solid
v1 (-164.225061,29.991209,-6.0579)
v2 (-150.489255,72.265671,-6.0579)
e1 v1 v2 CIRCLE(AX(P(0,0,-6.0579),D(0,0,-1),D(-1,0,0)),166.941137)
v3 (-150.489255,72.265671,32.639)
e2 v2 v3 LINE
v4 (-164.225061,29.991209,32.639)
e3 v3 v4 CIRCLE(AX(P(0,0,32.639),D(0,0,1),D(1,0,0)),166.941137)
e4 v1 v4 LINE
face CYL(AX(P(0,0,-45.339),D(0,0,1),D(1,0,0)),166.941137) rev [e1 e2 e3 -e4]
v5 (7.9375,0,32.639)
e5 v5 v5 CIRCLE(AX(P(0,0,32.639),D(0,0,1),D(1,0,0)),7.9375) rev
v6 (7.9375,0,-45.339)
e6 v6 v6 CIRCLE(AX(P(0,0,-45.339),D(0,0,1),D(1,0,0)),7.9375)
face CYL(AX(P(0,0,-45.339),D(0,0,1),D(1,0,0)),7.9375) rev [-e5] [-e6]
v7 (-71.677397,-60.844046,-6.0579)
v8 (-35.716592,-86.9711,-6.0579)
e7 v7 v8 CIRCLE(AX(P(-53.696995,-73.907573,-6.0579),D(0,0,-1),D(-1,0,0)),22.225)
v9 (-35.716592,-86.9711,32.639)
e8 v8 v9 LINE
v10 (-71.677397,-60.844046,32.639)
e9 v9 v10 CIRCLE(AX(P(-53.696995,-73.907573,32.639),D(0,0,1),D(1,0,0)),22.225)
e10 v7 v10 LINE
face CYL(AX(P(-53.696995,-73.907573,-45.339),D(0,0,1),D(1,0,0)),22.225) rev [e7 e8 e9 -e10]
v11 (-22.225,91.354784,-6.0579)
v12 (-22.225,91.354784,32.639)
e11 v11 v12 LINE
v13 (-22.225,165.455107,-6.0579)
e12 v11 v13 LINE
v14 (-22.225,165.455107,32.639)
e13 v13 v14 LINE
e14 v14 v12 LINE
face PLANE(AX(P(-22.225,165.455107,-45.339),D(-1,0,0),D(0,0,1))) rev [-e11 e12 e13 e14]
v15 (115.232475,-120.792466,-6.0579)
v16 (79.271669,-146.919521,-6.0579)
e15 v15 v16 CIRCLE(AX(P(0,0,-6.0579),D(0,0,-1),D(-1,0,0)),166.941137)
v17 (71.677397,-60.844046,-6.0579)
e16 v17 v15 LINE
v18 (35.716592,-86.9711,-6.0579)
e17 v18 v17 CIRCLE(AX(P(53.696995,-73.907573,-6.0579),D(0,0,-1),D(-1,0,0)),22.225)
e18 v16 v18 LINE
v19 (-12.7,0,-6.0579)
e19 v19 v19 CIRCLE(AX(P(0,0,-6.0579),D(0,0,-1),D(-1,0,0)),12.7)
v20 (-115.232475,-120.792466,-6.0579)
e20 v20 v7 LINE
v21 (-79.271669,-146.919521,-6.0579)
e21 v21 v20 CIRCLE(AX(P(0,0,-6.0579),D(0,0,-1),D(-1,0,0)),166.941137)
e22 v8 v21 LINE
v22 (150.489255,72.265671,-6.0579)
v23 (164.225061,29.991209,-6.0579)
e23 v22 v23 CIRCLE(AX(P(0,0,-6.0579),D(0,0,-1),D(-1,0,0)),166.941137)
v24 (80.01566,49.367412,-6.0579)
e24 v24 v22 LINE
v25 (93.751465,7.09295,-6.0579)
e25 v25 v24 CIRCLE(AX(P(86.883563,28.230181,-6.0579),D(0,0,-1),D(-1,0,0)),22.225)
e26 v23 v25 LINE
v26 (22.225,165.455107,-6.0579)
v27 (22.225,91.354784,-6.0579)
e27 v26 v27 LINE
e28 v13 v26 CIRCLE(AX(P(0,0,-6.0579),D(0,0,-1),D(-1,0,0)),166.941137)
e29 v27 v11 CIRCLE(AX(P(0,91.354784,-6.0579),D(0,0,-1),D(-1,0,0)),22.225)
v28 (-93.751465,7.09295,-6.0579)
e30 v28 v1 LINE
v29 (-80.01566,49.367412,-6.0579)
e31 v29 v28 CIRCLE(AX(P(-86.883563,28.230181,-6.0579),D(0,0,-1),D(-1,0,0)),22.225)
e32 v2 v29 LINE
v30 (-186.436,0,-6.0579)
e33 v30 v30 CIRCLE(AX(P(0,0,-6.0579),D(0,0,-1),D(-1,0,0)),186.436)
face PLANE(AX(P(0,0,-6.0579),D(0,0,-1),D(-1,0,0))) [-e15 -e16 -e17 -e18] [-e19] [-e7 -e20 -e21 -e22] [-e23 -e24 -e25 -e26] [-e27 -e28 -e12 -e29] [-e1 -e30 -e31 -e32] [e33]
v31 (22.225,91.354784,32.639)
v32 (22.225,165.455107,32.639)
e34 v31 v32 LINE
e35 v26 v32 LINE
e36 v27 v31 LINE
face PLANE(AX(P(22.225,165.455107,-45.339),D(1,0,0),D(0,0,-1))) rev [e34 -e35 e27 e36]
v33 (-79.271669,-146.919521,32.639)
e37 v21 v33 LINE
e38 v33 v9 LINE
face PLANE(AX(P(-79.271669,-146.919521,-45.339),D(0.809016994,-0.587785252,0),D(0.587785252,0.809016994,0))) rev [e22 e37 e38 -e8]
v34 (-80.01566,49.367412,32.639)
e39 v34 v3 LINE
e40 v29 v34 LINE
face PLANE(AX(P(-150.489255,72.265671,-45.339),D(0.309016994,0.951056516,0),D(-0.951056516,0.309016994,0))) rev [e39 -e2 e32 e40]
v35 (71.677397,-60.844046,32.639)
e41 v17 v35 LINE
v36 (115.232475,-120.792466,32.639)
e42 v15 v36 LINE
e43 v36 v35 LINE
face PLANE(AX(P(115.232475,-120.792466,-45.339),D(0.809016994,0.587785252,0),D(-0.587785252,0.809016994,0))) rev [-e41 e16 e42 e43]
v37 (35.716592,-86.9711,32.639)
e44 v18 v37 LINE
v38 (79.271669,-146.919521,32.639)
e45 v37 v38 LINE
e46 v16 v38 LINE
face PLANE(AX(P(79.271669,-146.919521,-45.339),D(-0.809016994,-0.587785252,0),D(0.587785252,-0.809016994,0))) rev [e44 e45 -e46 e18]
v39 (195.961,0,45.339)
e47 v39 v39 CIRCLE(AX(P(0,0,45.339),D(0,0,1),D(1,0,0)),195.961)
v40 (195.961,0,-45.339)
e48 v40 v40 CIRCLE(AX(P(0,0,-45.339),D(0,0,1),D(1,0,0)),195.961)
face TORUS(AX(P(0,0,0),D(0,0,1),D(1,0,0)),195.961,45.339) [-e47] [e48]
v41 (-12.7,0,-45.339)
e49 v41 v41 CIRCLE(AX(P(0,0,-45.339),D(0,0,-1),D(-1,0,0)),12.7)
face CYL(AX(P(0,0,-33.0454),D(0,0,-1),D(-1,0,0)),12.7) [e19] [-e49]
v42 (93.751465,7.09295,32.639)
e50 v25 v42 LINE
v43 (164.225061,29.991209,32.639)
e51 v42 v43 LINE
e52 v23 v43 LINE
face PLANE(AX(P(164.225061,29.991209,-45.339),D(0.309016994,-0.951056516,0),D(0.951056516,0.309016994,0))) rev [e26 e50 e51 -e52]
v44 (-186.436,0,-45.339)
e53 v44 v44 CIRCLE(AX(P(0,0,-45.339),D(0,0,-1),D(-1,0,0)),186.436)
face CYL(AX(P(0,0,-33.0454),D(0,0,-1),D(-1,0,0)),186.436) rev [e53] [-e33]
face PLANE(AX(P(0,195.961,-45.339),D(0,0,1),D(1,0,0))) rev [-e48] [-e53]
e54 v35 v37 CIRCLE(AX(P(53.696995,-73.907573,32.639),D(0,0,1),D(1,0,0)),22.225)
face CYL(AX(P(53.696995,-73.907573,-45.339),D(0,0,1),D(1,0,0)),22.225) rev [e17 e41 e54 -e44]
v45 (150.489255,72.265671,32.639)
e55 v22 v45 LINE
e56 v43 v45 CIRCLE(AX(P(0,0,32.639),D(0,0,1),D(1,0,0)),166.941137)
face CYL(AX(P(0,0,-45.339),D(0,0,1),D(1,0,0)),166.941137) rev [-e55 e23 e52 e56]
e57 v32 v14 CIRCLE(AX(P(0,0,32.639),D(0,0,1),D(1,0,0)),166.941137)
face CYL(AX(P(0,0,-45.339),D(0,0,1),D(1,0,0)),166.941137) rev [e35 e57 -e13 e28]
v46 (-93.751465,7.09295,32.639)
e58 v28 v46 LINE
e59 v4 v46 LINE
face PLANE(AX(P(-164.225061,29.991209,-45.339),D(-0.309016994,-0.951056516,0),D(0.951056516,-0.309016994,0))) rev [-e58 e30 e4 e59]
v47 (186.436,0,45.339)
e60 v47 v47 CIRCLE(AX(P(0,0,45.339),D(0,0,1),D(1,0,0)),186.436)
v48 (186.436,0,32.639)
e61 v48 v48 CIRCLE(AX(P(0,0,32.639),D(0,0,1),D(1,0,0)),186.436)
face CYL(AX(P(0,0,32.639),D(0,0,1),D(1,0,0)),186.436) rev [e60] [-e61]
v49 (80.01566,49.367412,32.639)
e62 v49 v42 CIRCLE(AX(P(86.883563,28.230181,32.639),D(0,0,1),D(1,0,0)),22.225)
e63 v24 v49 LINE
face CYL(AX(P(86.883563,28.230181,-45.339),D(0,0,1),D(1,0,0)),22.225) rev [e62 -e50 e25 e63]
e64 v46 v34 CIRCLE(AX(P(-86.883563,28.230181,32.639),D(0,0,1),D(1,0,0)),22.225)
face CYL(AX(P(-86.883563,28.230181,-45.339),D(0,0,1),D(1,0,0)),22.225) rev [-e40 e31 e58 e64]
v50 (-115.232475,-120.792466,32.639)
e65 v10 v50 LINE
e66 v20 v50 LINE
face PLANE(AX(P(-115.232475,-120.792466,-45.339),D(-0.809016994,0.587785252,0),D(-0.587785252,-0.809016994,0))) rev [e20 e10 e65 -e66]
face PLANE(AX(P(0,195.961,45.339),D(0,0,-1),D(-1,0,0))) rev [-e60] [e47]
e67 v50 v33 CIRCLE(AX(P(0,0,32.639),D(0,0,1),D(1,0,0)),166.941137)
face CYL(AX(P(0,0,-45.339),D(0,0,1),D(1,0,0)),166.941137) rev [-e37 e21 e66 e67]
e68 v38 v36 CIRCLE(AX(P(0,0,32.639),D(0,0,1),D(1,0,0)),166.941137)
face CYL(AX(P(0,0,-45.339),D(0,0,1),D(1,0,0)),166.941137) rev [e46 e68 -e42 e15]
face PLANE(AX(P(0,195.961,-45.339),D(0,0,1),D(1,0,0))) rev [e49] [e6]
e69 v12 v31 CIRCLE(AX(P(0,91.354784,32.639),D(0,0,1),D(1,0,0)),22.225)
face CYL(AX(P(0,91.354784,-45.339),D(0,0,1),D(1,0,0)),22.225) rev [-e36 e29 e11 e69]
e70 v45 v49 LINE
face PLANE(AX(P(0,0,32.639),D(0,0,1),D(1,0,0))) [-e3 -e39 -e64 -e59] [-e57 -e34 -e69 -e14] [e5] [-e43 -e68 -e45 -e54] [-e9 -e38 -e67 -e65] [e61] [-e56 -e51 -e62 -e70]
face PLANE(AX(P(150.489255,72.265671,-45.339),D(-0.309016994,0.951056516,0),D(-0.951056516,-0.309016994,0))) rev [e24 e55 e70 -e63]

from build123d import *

# Parameters (mm, degrees)
SKETCH2_R      = 7.9375
EXTRUDE1_DEPTH = 354.091885747
SKETCH3_R      = 186.436
SKETCH3_R_2    = 12.7
EXTRUDE2_DEPTH = 12.2936
SKETCH4_R      = 186.436
SKETCH4_R_2    = 12.7
EXTRUDE4_DEPTH = 26.9875
EXTRUDE5_START = -12.7
SKETCH5_R      = 186.436
EXTRUDE5_DEPTH = 12.7
EXTRUDE6_DEPTH = 351.045637854


with BuildPart() as part:
    # Sketch1 → Revolve1 (revolve)
    with BuildSketch(Plane(origin=(0, 0, 0), x_dir=(0, 0, -1), z_dir=(1, 0, 0)), mode=Mode.PRIVATE) as revolve1_sk:
        with BuildLine():
            Line((45.339, 0), (-45.339, 0))
            Line((-45.339, 0), (-45.339, 195.961))
            ThreePointArc((-45.339, 195.961), (0, 241.3), (45.339, 195.961))
            Line((45.339, 195.961), (45.339, 0))
        make_face()
    revolve(revolve1_sk.sketch.rotate(Axis((0, 0, 45.339), (0, 0, -1)), 90), axis=Axis((0, 0, 45.339), (0, 0, -1)))

    # Sketch2 → Extrude1 (cut, through all)
    with BuildSketch(Plane.XY.offset(45.339)):
        Circle(SKETCH2_R)
    extrude(amount=-EXTRUDE1_DEPTH, mode=Mode.SUBTRACT)

    # Sketch3 → Extrude2 (cut)
    with BuildSketch(Plane(origin=(0, 0, -45.339), x_dir=(-1, 0, 0), z_dir=(0, 0, -1))):
        Circle(SKETCH3_R)
        Circle(SKETCH3_R_2, mode=Mode.SUBTRACT)
    extrude(amount=-EXTRUDE2_DEPTH, mode=Mode.SUBTRACT)

    # Sketch4 → Extrude4 (cut)
    with BuildSketch(Plane(origin=(0, 0, -33.0454), x_dir=(-1, 0, 0), z_dir=(0, 0, -1))):
        Circle(SKETCH4_R)
        Circle(SKETCH4_R_2, mode=Mode.SUBTRACT)
    extrude(amount=-EXTRUDE4_DEPTH, mode=Mode.SUBTRACT)

    # Sketch5 → Extrude5 (cut)
    with BuildSketch(Plane.XY.offset(45.339).offset(EXTRUDE5_START)):
        with Locations(Location((0, 0, 0), (0, 0, 180))):
            Circle(SKETCH5_R)
    extrude(amount=EXTRUDE5_DEPTH, mode=Mode.SUBTRACT)

    # Sketch6 → Extrude6 (cut, through all)
    with BuildSketch(Plane.XY.offset(32.639)):
        with BuildLine():
            Line((150.489255243, 72.265671034), (80.015659908, 49.367411845))
            ThreePointArc((80.015659908, 49.367411845), (65.746331533, 21.36227807), (93.751465308, 7.092949695))
            Line((93.751465308, 7.092949695), (164.225060643, 29.991208884))
            ThreePointArc((164.225060643, 29.991208884), (158.770455984, 51.587648329), (150.489255243, 72.265671034))
        make_face()
        with BuildLine():
            Line((-22.225, 165.455107291), (-22.225, 91.354783989))
            ThreePointArc((-22.225, 91.354783989), (0, 69.129783989), (22.225, 91.354783989))
            Line((22.225, 91.354783989), (22.225, 165.455107291))
            ThreePointArc((22.225, 165.455107291), (0, 166.941136793), (-22.225, 165.455107291))
        make_face()
        with BuildLine():
            Line((115.232474682, -120.792466372), (71.677397455, -60.844045532))
            ThreePointArc((71.677397455, -60.844045532), (40.633467523, -55.927170065), (35.716592055, -86.971099997))
            Line((35.716592055, -86.971099997), (79.271669282, -146.919520837))
            ThreePointArc((79.271669282, -146.919520837), (98.125538208, -135.058216725), (115.232474682, -120.792466372))
        make_face()
        with BuildLine():
            Line((-79.271669282, -146.919520837), (-35.716592055, -86.971099997))
            ThreePointArc((-35.716592055, -86.971099997), (-40.633467523, -55.927170065), (-71.677397455, -60.844045532))
            Line((-71.677397455, -60.844045532), (-115.232474682, -120.792466372))
            ThreePointArc((-115.232474682, -120.792466372), (-98.125538208, -135.058216725), (-79.271669282, -146.919520837))
        make_face()
        with BuildLine():
            Line((-164.225060643, 29.991208884), (-93.751465308, 7.092949695))
            ThreePointArc((-93.751465308, 7.092949695), (-65.746331533, 21.36227807), (-80.015659908, 49.367411845))
            Line((-80.015659908, 49.367411845), (-150.489255243, 72.265671034))
            ThreePointArc((-150.489255243, 72.265671034), (-158.770455984, 51.587648329), (-164.225060643, 29.991208884))
        make_face()
    extrude(amount=-EXTRUDE6_DEPTH, mode=Mode.SUBTRACT)


solid = part.part
